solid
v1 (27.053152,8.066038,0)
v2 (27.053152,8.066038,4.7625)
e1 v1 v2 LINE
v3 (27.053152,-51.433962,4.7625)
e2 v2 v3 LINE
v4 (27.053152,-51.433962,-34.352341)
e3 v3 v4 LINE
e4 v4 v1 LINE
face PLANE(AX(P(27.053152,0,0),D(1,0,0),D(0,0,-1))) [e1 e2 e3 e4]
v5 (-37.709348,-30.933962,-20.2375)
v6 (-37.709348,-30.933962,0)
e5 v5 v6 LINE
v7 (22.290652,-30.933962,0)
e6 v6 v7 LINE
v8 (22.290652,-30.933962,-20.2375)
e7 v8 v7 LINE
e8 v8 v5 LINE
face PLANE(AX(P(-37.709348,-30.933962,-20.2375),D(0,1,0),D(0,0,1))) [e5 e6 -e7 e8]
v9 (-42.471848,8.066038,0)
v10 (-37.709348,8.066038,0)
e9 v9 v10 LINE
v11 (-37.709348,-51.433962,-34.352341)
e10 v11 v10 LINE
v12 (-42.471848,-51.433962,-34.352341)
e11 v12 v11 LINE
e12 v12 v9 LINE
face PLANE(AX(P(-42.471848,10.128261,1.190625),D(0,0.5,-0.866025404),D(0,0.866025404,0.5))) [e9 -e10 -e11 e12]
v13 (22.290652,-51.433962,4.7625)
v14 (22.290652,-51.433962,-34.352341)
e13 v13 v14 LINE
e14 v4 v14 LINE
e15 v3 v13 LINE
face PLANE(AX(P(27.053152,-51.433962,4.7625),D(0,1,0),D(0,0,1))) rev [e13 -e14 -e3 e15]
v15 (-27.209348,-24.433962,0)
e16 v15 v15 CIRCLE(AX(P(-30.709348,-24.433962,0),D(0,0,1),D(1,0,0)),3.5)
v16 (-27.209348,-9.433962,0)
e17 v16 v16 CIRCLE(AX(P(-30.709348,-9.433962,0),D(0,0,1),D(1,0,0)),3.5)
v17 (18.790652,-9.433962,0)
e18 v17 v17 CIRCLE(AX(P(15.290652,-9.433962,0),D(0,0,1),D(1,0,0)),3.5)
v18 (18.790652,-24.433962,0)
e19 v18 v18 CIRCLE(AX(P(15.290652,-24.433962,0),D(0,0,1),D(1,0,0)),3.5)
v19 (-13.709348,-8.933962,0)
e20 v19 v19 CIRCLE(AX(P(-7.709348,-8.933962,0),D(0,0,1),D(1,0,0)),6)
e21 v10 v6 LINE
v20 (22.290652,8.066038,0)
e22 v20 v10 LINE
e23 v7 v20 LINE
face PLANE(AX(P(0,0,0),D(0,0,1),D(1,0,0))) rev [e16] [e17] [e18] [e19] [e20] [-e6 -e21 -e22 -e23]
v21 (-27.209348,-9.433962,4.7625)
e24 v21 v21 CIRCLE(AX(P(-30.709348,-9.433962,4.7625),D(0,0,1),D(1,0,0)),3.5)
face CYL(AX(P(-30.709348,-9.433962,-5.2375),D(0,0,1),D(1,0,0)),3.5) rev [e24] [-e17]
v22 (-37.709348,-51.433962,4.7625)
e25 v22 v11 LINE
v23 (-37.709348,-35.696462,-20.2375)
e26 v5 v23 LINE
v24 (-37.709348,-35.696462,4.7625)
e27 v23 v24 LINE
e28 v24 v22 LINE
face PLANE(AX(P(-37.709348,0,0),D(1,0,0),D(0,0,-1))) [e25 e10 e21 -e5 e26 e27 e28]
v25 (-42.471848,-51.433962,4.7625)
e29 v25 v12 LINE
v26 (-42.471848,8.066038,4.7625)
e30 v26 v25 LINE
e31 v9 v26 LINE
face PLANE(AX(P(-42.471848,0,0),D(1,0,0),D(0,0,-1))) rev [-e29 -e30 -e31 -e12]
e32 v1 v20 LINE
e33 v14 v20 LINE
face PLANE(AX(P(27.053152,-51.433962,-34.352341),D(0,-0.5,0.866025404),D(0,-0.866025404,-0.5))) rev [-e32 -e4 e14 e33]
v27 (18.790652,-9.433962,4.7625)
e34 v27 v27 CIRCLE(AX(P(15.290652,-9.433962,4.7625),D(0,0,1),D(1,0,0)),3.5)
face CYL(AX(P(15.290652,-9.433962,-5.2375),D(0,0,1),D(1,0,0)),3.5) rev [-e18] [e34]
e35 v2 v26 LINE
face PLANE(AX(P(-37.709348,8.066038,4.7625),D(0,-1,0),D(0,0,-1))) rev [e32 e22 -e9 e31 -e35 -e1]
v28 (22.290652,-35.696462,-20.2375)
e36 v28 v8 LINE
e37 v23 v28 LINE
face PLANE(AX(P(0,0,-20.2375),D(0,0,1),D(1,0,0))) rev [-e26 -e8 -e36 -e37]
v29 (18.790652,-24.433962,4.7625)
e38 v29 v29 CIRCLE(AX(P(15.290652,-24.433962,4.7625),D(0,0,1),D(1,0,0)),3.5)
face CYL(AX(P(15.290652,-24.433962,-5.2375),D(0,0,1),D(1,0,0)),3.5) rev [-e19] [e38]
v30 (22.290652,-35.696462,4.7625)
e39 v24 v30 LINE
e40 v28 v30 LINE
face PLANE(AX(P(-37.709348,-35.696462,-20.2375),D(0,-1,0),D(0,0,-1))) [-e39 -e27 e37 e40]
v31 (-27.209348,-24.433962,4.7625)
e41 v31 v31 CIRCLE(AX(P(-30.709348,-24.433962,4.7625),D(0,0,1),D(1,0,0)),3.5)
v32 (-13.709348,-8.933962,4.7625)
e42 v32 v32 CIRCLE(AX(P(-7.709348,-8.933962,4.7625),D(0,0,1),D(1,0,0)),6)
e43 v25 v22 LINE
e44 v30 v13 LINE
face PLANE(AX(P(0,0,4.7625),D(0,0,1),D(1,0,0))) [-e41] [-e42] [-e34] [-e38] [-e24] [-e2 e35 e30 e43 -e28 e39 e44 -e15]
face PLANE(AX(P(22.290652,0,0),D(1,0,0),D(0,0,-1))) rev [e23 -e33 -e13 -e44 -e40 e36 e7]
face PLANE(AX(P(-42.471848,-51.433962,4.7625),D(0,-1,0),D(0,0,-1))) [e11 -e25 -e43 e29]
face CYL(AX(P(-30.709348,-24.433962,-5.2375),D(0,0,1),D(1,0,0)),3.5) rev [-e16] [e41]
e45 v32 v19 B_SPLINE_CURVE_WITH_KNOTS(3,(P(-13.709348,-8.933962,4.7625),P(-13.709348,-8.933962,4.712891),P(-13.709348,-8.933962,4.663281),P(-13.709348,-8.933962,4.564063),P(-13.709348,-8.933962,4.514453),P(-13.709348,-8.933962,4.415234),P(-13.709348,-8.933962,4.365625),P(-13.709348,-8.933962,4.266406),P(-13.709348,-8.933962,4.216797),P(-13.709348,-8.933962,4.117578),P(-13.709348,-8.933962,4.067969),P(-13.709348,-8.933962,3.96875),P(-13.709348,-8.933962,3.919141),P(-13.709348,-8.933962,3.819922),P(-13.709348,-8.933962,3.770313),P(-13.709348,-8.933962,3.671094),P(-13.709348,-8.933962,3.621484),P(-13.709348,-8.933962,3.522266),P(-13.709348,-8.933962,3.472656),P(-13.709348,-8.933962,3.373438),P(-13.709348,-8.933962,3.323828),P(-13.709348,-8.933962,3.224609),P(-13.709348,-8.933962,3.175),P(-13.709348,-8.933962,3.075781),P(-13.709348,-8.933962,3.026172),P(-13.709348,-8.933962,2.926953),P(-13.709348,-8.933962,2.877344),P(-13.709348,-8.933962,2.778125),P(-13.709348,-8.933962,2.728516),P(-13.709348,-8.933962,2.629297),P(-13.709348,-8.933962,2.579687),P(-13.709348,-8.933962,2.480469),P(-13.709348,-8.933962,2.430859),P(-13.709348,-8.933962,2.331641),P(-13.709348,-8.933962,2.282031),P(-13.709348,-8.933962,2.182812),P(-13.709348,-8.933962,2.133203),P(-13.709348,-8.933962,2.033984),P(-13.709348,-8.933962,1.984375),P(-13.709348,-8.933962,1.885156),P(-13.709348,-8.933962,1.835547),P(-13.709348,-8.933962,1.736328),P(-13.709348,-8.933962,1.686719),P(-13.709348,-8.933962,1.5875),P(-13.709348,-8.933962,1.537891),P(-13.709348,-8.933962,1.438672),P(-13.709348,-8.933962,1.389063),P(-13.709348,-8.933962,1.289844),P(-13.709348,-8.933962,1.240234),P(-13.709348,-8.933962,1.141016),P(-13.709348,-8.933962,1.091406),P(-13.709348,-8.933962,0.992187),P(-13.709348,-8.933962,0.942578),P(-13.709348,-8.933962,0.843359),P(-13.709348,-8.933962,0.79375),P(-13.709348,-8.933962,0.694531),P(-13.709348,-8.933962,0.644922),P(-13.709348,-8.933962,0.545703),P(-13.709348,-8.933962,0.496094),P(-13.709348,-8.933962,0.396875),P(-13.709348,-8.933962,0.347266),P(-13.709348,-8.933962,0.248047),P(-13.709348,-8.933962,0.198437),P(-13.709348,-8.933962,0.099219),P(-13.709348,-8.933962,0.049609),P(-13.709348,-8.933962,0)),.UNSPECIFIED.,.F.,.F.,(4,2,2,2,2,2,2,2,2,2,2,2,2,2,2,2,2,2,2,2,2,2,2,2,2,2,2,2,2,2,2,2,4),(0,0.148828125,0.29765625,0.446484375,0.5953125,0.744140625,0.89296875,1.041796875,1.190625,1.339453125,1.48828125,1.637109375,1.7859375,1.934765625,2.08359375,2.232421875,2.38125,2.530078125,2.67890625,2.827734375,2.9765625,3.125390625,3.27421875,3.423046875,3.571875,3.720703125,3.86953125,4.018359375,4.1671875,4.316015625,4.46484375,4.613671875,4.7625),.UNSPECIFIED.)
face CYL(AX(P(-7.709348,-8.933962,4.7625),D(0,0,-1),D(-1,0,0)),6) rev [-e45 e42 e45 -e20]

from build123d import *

# Parameters (mm, degrees)
CROQUIS1_W              = 60
CROQUIS1_H              = 39
CROQUIS1_R              = 6
SALIENTE_EXTRUIR1_DEPTH = 4.7625
SALIENTE_EXTRUIR2_DEPTH = 4.7625
SALIENTE_EXTRUIR3_START = -60
SALIENTE_EXTRUIR3_DEPTH = 4.7625
CROQUIS4_W              = 60
CROQUIS4_H              = 4.7625
SALIENTE_EXTRUIR4_DEPTH = 25
CROQUIS5_R              = 3.5
CORTAR_EXTRUIR1_DEPTH   = 10


with BuildPart() as part:
    # Croquis1 → Saliente-Extruir1 (new body)
    with BuildSketch(Plane.XY):
        with Locations((-7.709348333, -11.433962264)):
            Rectangle(CROQUIS1_W, CROQUIS1_H)
        with Locations(Location((-7.709348333, -8.933962264, 0), (0, 0, 180))):
            Circle(CROQUIS1_R, mode=Mode.SUBTRACT)
    extrude(amount=SALIENTE_EXTRUIR1_DEPTH)

    # Croquis2 → Saliente-Extruir2 (add)
    with BuildSketch(Plane(origin=(22.290651667, 0, 0), x_dir=(0, 0, -1), z_dir=(1, 0, 0))):
        Polygon((-4.7625, 8.066037736), (-4.7625, -51.433962264), (34.352341017, -51.433962264), (0, 8.066037736), align=None)
    extrude(amount=SALIENTE_EXTRUIR2_DEPTH)

    # Croquis2<2> → Saliente-Extruir3 (add)
    with BuildSketch(Plane(origin=(22.290651667, 0, 0), x_dir=(0, 0, -1), z_dir=(1, 0, 0)).offset(SALIENTE_EXTRUIR3_START)):
        Polygon((-4.7625, 8.066037736), (-4.7625, -51.433962264), (34.352341017, -51.433962264), (0, 8.066037736), align=None)
    extrude(amount=-SALIENTE_EXTRUIR3_DEPTH)

    # Croquis4 → Saliente-Extruir4 (add)
    with BuildSketch(Plane.XY.offset(4.7625)):
        with Locations((-7.709348333, -33.315212264)):
            Rectangle(CROQUIS4_W, CROQUIS4_H)
    extrude(amount=-SALIENTE_EXTRUIR4_DEPTH)

    # Croquis5 → Cortar-Extruir1 (cut)
    with BuildSketch(Plane.XY.offset(4.7625)):
        with Locations((-30.709348333, -9.433962264)):
            Circle(CROQUIS5_R)
        with Locations((15.290651667, -9.433962264)):
            Circle(CROQUIS5_R)
        with Locations((15.290651667, -24.433962264)):
            Circle(CROQUIS5_R)
        with Locations((-30.709348333, -24.433962264)):
            Circle(CROQUIS5_R)
    extrude(amount=-CORTAR_EXTRUIR1_DEPTH, mode=Mode.SUBTRACT)


solid = part.part
